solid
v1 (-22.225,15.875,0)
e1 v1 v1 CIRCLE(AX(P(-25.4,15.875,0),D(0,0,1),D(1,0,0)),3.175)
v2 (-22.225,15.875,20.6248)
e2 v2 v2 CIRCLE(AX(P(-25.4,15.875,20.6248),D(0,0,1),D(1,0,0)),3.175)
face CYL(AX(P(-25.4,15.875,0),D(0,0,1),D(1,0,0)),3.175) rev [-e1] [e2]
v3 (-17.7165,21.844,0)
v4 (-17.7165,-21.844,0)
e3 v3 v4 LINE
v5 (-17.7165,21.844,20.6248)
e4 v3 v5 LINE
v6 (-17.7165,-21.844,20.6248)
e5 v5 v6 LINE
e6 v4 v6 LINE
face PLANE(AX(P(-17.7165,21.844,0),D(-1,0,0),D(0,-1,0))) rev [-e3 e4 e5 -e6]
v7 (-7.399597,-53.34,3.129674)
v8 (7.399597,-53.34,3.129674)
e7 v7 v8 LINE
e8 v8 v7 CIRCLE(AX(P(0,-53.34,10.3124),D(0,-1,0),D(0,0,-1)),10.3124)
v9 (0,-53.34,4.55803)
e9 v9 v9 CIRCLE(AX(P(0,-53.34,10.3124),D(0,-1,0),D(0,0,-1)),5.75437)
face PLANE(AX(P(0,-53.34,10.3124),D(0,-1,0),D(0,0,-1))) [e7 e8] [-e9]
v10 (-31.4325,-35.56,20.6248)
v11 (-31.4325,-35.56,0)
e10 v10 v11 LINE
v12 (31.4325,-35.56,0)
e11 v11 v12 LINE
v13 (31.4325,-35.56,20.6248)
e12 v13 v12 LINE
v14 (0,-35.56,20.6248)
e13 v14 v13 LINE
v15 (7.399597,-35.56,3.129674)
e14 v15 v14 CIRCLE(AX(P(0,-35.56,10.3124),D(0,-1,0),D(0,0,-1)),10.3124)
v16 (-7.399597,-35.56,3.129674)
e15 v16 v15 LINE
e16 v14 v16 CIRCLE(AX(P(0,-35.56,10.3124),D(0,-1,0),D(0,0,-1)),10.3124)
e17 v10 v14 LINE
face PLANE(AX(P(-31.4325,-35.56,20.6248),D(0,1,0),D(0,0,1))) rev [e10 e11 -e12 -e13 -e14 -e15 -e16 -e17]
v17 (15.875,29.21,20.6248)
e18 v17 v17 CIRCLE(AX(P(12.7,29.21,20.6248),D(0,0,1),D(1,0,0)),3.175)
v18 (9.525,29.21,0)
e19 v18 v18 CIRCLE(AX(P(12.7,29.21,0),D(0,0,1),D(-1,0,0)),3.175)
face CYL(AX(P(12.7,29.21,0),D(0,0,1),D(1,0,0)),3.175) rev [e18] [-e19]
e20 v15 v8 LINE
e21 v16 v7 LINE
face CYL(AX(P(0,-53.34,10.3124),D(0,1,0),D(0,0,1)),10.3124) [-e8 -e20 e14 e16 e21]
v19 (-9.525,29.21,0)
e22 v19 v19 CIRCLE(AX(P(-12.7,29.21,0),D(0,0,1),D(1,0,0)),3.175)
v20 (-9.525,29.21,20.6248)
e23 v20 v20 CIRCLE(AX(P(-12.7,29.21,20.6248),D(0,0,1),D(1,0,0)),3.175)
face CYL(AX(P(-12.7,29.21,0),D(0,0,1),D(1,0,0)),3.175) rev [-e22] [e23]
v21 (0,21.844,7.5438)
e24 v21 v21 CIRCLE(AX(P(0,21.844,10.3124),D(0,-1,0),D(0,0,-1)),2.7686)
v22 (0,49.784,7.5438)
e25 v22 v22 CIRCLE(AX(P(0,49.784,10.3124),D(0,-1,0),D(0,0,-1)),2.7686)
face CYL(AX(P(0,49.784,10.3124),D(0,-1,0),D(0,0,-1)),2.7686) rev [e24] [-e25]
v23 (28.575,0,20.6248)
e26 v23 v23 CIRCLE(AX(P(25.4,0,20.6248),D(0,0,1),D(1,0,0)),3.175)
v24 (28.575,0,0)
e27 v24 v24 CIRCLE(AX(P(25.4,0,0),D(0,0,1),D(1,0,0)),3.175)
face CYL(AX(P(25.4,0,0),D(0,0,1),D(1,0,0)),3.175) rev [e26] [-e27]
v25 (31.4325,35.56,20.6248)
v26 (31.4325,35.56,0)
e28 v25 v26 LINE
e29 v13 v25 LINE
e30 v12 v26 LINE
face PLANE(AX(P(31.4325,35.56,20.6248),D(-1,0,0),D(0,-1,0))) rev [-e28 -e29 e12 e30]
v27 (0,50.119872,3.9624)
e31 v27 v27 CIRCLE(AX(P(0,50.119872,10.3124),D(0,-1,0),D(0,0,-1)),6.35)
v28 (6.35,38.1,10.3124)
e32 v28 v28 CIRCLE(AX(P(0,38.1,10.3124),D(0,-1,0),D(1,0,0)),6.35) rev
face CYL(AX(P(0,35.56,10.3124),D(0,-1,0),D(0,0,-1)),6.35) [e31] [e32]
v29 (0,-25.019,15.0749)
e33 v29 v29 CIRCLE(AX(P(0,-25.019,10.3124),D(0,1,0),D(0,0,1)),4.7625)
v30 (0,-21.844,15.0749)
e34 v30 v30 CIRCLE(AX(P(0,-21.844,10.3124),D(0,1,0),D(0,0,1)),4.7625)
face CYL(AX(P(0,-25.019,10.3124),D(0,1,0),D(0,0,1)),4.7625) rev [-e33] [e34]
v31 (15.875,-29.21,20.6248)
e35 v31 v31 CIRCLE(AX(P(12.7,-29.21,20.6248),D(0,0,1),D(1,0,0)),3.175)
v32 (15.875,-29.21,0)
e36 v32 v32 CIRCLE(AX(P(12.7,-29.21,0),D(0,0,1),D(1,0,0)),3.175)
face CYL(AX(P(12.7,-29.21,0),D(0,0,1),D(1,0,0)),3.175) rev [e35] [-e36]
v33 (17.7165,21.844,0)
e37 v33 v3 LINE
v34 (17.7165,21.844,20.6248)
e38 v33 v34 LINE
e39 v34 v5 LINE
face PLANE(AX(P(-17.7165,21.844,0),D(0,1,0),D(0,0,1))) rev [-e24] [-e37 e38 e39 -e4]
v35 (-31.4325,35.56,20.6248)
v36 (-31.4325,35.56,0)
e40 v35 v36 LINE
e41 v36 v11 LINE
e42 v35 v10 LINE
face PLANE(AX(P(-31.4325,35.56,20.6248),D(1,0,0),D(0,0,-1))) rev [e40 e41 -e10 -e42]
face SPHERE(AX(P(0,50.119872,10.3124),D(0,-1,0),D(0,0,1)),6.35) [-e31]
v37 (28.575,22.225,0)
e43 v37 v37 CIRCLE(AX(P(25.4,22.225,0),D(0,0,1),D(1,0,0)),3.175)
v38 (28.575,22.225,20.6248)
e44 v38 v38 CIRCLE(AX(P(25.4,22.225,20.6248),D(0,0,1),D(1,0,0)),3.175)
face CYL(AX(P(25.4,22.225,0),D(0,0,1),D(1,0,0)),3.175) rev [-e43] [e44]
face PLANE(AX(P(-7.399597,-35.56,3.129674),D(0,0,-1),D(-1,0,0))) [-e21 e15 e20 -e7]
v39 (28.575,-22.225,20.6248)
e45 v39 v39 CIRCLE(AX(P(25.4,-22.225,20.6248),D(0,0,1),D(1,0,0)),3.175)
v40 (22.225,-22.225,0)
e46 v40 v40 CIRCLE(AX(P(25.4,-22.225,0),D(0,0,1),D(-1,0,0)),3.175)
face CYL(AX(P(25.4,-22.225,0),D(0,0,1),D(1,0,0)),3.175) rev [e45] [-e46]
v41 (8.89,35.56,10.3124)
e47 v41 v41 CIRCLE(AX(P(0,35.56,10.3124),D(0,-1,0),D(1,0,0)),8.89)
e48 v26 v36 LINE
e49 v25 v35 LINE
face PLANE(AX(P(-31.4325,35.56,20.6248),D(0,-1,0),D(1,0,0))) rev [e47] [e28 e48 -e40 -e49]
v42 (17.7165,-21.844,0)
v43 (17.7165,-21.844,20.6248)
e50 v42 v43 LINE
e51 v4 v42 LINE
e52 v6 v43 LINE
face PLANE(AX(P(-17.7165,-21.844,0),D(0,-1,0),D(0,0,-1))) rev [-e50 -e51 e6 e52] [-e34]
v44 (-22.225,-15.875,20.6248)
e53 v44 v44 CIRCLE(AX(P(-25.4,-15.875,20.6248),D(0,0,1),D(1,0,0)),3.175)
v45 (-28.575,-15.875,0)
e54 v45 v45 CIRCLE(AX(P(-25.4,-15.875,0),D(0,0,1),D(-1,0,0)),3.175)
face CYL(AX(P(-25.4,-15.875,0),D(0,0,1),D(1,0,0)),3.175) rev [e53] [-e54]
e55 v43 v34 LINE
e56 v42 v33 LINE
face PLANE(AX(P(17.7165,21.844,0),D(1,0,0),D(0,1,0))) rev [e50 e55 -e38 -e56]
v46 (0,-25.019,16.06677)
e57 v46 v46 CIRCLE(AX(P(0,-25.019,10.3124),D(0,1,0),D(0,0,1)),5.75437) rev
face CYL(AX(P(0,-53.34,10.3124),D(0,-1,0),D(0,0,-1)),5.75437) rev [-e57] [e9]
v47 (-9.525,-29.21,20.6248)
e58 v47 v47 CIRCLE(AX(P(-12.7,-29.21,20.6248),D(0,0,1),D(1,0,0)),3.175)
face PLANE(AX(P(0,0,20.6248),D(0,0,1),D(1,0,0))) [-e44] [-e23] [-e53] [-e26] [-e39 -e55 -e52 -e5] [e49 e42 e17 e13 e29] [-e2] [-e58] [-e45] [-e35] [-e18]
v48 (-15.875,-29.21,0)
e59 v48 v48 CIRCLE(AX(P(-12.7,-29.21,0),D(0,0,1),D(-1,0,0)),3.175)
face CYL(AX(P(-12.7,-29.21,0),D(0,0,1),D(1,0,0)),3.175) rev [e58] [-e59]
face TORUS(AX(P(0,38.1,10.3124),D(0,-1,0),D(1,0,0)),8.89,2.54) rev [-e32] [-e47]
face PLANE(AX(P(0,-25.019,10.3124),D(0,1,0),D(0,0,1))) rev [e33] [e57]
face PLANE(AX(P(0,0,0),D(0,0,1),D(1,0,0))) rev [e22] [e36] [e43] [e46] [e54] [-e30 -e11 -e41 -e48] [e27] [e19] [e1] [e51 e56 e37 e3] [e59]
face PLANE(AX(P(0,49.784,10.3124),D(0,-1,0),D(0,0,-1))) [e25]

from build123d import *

# Parameters (mm, degrees)
SKETCH1_W                   = 62.865
SKETCH1_H                   = 71.12
BOSS_EXTRUDE1_DEPTH         = 20.6248
CUT_EXTRUDE2_DEPTH          = 52.748410906
CUT_EXTRUDE2_DEPTH_BACK     = 52.748410906
SKETCH4_R                   = 3.175
FILLET1_R                   = 2.54
SKETCH2_W                   = 35.433
SKETCH2_H                   = 43.688
CUT_EXTRUDE3_DEPTH          = 68.839744016
SKETCH6_R                   = 2.7686
CUT_EXTRUDE4_DEPTH          = 27.94
SKETCH7_R                   = 10.3124
BOSS_EXTRUDE2_DEPTH         = 17.78
CUT_EXTRUDE5_START          = -17.78
CUT_EXTRUDE5_DEPTH          = 17.78
SKETCH9_R                   = 4.7625
CUT_EXTRUDE6_DEPTH          = 3.175
F_1_2_20_TAPPED_HOLE1_D     = 11.50874
F_1_2_20_TAPPED_HOLE1_DEPTH = 28.321


with BuildPart() as part:
    # Sketch1 → Boss-Extrude1 (new body)
    with BuildSketch(Plane.XY):
        Rectangle(SKETCH1_W, SKETCH1_H)
    extrude(amount=BOSS_EXTRUDE1_DEPTH)

    # Sketch4 → Cut-Extrude2 (cut, two sides: drawn at the far end of the back side and taken through both)
    with BuildSketch(Plane.XY.offset(20.6248).offset(-CUT_EXTRUDE2_DEPTH_BACK)):
        with Locations((-12.7, 29.21)):
            Circle(SKETCH4_R)
        with Locations((-25.4, 15.875)):
            Circle(SKETCH4_R)
        with Locations((-12.7, -29.21)):
            Circle(SKETCH4_R)
        with Locations((-25.4, -15.875)):
            Circle(SKETCH4_R)
        with Locations((12.7, -29.21)):
            Circle(SKETCH4_R)
        with Locations((12.7, 29.21)):
            Circle(SKETCH4_R)
        with Locations((25.4, 0)):
            Circle(SKETCH4_R)
        with Locations((25.4, 22.225)):
            Circle(SKETCH4_R)
        with Locations((25.4, -22.225)):
            Circle(SKETCH4_R)
    extrude(amount=CUT_EXTRUDE2_DEPTH + CUT_EXTRUDE2_DEPTH_BACK, mode=Mode.SUBTRACT)

    # Sketch5 → Revolve2 (revolve)
    with BuildSketch(Plane(origin=(0, 0, 0), x_dir=(0, 0, -1), z_dir=(1, 0, 0)), mode=Mode.PRIVATE) as revolve2_sk:
        with BuildLine():
            Line((-16.6624, 35.56), (-16.6624, 50.119871939))
            ThreePointArc((-16.6624, 50.119871939), (-14.802528061, 54.61), (-10.3124, 56.469871939))
            Line((-10.3124, 56.469871939), (-10.3124, 35.56))
            Line((-10.3124, 35.56), (-16.6624, 35.56))
        make_face()
    revolve(revolve2_sk.sketch.rotate(Axis((0, 35.56, 10.3124), (0, 1, 0)), 180), axis=Axis((0, 35.56, 10.3124), (0, 1, 0)))

    # Fillet1
    fillet1_edges = [part.edges().sort_by_distance(p)[0] for p in [
        (0, 35.56, 16.6624),
    ]]
    fillet(fillet1_edges, radius=FILLET1_R)

    # Sketch2 → Cut-Extrude3 (cut, through all)
    with BuildSketch(Plane.XY.offset(20.6248)):
        Rectangle(SKETCH2_W, SKETCH2_H)
    extrude(amount=-CUT_EXTRUDE3_DEPTH, mode=Mode.SUBTRACT)

    # Sketch6 → Cut-Extrude4 (cut)
    with BuildSketch(Plane.XZ.offset(-21.844)):
        with Locations(Location((0, 10.3124, 0), (0, 0, 270))):
            Circle(SKETCH6_R)
    extrude(amount=-CUT_EXTRUDE4_DEPTH, mode=Mode.SUBTRACT)

    # Sketch7 → Boss-Extrude2 (add)
    with BuildSketch(Plane.XZ.offset(35.56)):
        with Locations(Location((0, 10.3124, 0), (0, 0, 270))):
            Circle(SKETCH7_R)
    extrude(amount=BOSS_EXTRUDE2_DEPTH)

    # Sketch8 → Cut-Extrude5 (cut)
    with BuildSketch(Plane.XZ.offset(53.34).offset(CUT_EXTRUDE5_START)):
        with BuildLine():
            Line((-7.399596954, 3.12967359), (-5.795378061, 3.12967359))
            Line((-5.795378061, 3.12967359), (7.399596954, 3.12967359))
            ThreePointArc((7.399596954, 3.12967359), (0, 0), (-7.399596954, 3.12967359))
        make_face()
    extrude(amount=CUT_EXTRUDE5_DEPTH, mode=Mode.SUBTRACT)

    # Sketch9 → Cut-Extrude6 (cut)
    with BuildSketch(Plane(origin=(0, -21.844, 0), x_dir=(1, 0, 0), z_dir=(0, 1, 0))):
        with Locations(Location((0, -10.3124, 0), (0, 0, 270))):
            Circle(SKETCH9_R)
    extrude(amount=-CUT_EXTRUDE6_DEPTH, mode=Mode.SUBTRACT)

    # 1/2-20 Tapped Hole1
    with Locations(Plane(origin=(0, -53.34, 0), x_dir=(-1, 0, 0), z_dir=(0, -1, 0))):
        with Locations((0, -10.3124)):
            Hole(F_1_2_20_TAPPED_HOLE1_D / 2, depth=F_1_2_20_TAPPED_HOLE1_DEPTH)


solid = part.part
